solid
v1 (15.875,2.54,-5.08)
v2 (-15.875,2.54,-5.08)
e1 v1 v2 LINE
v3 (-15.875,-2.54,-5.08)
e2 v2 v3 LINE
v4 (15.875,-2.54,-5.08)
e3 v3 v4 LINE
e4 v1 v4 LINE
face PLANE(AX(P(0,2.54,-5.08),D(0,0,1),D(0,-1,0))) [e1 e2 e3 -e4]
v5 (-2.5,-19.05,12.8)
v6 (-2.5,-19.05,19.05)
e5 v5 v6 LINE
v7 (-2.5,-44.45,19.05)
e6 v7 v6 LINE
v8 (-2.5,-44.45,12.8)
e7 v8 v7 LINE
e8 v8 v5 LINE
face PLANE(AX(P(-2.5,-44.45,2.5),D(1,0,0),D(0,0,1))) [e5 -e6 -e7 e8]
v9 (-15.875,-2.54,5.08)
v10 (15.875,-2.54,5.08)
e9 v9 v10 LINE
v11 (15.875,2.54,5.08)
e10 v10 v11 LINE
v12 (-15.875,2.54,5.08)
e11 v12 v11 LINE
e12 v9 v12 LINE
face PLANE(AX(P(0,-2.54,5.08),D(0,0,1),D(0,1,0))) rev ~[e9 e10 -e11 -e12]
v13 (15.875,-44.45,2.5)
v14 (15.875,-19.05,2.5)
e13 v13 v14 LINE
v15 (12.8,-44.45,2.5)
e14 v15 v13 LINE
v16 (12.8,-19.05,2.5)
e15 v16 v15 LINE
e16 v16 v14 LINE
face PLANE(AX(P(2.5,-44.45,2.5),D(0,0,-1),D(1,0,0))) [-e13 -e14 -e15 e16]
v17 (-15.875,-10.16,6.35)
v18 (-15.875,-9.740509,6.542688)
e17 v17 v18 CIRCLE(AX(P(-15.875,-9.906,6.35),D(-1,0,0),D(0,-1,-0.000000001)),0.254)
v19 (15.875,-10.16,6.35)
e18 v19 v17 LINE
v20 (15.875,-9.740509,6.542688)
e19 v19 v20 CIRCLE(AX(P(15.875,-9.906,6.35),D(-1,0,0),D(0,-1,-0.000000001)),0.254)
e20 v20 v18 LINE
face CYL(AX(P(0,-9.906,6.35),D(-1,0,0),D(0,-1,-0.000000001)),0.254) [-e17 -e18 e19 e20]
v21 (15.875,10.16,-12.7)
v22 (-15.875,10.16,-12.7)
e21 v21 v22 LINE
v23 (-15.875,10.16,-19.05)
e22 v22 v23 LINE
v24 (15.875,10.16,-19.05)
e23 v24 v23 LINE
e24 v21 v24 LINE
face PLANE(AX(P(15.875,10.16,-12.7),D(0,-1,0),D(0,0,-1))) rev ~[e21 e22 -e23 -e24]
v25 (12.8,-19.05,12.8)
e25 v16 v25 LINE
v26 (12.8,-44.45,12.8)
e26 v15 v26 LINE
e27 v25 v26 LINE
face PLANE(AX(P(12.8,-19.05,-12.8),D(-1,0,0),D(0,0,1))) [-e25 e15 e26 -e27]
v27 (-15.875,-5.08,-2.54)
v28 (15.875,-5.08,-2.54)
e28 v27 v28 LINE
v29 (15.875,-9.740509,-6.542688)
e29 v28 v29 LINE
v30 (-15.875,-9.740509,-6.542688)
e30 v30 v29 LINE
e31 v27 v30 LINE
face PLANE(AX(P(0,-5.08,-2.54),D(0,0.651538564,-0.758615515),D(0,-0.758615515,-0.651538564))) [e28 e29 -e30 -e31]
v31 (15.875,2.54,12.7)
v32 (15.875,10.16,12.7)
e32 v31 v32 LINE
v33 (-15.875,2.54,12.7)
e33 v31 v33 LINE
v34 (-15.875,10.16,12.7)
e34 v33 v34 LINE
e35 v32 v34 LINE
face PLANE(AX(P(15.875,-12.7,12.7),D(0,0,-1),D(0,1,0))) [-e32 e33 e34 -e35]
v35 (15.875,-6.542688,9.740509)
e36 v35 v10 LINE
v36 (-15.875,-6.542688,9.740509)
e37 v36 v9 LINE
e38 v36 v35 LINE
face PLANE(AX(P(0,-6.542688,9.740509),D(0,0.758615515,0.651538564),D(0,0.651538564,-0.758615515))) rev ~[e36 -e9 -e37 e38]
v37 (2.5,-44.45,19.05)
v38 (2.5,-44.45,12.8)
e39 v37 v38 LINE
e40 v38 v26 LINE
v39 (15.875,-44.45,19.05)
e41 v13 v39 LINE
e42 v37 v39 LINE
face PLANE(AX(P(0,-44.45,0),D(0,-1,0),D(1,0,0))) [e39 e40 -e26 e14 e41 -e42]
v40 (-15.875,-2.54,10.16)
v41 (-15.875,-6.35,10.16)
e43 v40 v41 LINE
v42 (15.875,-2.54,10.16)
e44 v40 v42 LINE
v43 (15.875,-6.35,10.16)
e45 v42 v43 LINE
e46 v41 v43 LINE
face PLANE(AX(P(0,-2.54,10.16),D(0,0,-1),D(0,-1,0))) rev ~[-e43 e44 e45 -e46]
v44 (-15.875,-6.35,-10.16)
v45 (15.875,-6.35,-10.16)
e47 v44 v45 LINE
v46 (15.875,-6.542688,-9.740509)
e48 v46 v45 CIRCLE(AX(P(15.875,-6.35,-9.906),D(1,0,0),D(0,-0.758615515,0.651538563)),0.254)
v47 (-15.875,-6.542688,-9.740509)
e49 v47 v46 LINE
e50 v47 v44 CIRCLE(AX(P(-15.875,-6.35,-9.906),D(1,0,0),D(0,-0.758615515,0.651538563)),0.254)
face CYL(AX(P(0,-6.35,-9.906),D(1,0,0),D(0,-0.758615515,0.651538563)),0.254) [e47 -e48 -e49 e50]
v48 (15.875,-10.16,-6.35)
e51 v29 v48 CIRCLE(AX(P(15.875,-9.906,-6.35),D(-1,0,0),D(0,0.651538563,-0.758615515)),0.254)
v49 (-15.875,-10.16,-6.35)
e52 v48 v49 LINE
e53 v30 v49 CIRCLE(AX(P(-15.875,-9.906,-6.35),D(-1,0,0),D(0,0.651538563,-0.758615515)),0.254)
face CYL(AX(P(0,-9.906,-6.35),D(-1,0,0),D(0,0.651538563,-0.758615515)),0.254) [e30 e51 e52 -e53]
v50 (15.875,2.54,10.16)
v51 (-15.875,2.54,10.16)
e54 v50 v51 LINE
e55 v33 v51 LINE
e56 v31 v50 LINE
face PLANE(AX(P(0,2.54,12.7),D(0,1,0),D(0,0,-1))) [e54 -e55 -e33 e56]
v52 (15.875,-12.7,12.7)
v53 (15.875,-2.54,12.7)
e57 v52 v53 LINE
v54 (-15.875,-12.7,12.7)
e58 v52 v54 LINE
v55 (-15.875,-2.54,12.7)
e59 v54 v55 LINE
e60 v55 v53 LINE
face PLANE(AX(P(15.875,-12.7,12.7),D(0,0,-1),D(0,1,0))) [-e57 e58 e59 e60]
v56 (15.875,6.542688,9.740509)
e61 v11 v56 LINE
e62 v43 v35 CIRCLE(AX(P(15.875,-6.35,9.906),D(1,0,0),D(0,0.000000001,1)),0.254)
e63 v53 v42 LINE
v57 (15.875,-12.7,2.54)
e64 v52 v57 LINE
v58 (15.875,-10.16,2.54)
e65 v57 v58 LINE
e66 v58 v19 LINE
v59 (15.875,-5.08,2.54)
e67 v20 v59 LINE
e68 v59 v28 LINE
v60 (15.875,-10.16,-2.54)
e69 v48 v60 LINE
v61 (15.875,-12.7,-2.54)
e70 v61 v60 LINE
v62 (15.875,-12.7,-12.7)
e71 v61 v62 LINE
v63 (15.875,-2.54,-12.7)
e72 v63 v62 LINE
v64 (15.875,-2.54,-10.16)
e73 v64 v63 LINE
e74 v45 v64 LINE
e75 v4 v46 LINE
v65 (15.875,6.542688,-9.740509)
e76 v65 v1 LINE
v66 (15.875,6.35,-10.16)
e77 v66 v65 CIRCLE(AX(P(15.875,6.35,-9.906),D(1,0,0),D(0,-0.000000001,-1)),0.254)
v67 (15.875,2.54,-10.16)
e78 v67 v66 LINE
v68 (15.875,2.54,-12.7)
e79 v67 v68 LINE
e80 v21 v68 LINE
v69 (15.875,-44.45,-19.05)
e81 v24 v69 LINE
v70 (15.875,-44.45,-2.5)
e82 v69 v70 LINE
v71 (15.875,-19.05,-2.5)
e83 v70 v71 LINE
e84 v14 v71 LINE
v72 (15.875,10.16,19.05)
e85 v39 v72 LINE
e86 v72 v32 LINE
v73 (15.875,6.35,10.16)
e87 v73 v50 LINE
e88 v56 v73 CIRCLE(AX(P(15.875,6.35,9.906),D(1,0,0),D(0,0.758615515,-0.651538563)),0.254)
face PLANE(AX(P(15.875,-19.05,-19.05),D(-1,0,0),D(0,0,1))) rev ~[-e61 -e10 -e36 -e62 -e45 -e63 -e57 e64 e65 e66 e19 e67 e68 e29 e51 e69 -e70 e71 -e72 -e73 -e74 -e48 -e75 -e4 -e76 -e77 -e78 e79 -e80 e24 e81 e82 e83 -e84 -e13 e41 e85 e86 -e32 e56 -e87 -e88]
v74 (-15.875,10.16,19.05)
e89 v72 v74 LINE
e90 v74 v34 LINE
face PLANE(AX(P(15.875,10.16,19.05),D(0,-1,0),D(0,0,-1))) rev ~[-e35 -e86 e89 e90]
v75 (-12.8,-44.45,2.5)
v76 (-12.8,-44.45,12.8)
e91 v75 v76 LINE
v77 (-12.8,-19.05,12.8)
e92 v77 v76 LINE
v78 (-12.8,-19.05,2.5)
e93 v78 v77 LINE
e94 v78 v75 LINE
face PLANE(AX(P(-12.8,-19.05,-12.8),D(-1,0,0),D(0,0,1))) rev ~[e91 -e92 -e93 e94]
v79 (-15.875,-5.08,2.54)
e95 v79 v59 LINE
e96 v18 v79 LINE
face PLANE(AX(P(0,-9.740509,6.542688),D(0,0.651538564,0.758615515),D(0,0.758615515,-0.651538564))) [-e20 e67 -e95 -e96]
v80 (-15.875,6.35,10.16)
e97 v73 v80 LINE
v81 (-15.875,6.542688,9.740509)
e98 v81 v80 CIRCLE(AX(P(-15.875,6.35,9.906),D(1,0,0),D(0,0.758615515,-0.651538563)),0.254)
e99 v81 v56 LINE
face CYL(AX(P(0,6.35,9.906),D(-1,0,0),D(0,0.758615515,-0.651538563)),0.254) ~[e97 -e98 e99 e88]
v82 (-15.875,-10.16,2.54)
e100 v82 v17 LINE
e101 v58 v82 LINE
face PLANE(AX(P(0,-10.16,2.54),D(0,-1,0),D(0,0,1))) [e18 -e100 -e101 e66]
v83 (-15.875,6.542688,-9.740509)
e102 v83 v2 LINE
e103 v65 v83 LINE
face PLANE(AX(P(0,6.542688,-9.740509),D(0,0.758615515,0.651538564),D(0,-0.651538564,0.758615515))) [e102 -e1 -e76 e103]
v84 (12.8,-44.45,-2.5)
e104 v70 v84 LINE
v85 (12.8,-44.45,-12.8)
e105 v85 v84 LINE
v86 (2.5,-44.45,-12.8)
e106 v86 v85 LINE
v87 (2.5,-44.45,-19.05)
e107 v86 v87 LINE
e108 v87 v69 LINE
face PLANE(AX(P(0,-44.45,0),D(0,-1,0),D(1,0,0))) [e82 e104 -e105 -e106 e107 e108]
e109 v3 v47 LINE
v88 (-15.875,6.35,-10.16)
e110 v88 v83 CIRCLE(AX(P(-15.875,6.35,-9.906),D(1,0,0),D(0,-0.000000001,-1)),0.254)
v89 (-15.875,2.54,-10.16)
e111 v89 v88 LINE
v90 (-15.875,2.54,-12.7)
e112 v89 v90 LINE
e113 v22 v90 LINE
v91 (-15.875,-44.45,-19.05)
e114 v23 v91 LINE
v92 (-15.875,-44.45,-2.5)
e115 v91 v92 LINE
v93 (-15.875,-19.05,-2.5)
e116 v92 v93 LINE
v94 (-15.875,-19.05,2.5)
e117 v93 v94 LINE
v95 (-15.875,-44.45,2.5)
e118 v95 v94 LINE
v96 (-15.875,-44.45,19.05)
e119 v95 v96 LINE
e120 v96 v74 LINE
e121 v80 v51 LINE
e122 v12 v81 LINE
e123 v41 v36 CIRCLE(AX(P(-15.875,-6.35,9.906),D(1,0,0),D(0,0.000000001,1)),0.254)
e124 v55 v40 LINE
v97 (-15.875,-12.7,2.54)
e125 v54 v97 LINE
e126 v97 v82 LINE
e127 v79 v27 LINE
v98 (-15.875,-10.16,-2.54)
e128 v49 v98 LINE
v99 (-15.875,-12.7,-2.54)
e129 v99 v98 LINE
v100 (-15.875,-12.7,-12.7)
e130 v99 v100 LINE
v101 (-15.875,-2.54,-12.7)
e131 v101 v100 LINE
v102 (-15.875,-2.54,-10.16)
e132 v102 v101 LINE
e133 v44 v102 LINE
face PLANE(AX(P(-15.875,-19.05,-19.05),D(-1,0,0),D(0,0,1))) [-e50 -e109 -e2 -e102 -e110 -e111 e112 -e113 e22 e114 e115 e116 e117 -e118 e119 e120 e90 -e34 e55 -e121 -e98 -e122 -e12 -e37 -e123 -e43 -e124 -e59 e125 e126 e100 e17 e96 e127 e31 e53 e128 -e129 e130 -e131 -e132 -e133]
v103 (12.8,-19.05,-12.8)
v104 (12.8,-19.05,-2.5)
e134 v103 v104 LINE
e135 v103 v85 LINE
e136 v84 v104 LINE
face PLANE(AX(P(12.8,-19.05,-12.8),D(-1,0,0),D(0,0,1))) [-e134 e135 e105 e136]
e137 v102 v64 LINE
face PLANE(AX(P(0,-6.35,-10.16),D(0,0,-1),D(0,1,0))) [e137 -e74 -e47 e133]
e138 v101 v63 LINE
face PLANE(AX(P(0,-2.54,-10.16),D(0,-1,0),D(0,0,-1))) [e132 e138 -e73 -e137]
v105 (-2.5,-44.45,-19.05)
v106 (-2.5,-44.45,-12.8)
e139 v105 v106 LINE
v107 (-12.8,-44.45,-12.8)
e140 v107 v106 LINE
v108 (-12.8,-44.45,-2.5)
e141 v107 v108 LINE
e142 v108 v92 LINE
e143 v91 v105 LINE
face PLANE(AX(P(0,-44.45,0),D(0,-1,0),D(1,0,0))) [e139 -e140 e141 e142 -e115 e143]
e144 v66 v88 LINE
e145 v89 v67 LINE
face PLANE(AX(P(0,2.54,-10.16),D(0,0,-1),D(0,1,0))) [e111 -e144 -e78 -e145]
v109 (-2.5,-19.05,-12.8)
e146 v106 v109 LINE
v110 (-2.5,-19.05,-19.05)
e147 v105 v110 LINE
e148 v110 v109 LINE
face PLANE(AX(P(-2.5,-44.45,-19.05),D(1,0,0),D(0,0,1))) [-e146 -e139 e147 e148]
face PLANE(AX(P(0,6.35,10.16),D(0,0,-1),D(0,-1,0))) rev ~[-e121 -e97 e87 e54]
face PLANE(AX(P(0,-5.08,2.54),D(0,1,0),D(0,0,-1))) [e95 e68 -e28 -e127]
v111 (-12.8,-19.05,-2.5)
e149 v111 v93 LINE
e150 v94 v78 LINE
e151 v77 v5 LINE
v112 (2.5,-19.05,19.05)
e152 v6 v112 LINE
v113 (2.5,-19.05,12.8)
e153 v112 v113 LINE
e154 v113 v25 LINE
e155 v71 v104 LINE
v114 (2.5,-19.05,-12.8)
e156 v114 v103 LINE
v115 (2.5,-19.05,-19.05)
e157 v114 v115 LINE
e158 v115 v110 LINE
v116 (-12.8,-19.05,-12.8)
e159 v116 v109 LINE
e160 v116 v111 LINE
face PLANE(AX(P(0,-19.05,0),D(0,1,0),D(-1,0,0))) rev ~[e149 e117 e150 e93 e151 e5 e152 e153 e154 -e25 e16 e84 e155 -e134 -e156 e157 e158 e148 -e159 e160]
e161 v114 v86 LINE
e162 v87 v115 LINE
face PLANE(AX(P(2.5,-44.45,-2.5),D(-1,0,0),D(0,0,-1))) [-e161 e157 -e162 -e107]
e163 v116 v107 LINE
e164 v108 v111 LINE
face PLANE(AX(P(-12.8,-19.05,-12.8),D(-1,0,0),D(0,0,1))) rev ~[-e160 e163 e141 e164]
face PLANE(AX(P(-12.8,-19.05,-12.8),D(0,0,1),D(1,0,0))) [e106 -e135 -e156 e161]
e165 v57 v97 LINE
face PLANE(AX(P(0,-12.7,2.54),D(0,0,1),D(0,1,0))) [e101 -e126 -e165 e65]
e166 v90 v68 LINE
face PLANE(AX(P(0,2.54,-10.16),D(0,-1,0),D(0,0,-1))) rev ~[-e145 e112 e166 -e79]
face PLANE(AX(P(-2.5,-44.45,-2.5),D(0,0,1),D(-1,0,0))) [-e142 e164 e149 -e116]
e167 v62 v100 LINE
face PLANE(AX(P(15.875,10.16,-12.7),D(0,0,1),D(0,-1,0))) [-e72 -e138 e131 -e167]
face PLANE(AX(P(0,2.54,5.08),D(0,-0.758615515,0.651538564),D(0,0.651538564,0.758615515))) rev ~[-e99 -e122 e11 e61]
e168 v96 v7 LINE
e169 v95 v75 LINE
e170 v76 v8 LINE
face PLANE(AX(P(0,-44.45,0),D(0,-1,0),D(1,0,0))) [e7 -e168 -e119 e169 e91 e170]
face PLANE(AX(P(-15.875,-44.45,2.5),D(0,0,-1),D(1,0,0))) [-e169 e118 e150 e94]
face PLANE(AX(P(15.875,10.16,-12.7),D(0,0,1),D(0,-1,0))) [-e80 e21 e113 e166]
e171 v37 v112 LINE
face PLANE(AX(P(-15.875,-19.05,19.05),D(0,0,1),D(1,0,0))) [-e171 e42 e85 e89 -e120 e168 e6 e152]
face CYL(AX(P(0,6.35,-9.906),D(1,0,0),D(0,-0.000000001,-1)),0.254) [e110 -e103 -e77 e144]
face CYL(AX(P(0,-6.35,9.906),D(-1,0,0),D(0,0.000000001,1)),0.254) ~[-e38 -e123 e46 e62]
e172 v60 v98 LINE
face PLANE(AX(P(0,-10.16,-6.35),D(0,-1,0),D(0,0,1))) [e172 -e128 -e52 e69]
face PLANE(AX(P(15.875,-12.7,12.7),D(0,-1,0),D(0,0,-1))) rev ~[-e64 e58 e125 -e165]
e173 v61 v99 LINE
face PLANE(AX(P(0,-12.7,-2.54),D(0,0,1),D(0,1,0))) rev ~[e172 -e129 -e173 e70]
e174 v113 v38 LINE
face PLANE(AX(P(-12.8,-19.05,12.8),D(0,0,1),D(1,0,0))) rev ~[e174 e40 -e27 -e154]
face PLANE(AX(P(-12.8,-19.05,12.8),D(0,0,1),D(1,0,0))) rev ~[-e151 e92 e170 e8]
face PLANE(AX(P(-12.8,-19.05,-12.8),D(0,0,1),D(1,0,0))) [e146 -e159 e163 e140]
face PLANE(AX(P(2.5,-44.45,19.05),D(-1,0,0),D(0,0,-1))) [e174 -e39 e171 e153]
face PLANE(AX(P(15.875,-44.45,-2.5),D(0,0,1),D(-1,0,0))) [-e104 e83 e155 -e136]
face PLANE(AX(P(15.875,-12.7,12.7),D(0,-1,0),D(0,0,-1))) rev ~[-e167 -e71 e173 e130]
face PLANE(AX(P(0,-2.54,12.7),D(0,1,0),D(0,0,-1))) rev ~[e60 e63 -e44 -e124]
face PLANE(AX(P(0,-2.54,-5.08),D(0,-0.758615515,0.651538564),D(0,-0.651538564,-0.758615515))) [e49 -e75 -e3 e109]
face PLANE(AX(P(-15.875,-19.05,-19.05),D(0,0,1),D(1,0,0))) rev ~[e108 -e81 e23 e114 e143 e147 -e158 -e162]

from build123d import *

# Parameters (mm, degrees)
SKETCH10_W          = 2.54
SKETCH10_H          = 5.08
SKETCH10_W_2        = 5.08
SKETCH10_H_2        = 2.54
BOSS_EXTRUDE3_DEPTH = 15.875
BOSS_EXTRUDE4_DEPTH = 31.75
SKETCH12_W          = 13.97
SKETCH12_H          = 7.62
CUT_EXTRUDE1_DEPTH  = 42.639734629
SKETCH14_W          = 31.75
SKETCH14_H          = 38.1
SKETCH14_W_2        = 25.6
SKETCH14_H_2        = 25.6
BOSS_EXTRUDE5_DEPTH = 25.4
CUT_EXTRUDE2_DEPTH  = 25.4


with BuildPart() as part:
    # Sketch10 → Boss-Extrude3 (new, symmetric)
    with BuildSketch(Plane(origin=(0, 0, 0), x_dir=(0, 0, -1), z_dir=(1, 0, 0))):
        with Locations((-11.43, 0)):
            Rectangle(SKETCH10_W, SKETCH10_H)
        with BuildLine():
            Line((-5.08, 2.54), (-9.740509205, 6.542688341))
            ThreePointArc((-9.740509205, 6.542688341), (-10.012022021, 6.580814495), (-10.16, 6.35))
            Line((-10.16, 6.35), (-10.16, -6.35))
            ThreePointArc((-10.16, -6.35), (-10.012022021, -6.580814495), (-9.740509205, -6.542688341))
            Line((-9.740509205, -6.542688341), (-5.08, -2.54))
            Line((-5.08, -2.54), (-5.08, 2.54))
        make_face()
        with BuildLine():
            Line((6.35, 10.16), (-6.35, 10.16))
            ThreePointArc((-6.35, 10.16), (-6.580814495, 10.012022021), (-6.542688341, 9.740509205))
            Line((-6.542688341, 9.740509205), (-2.54, 5.08))
            Line((-2.54, 5.08), (2.54, 5.08))
            Line((2.54, 5.08), (6.542688341, 9.740509205))
            ThreePointArc((6.542688341, 9.740509205), (6.580814495, 10.012022021), (6.35, 10.16))
        make_face()
        with Locations((0, 11.43)):
            Rectangle(SKETCH10_W_2, SKETCH10_H_2)
        with BuildLine():
            ThreePointArc((6.542688341, -9.740509205), (6.580814495, -10.012022021), (6.35, -10.16))
            Line((6.35, -10.16), (-6.35, -10.16))
            ThreePointArc((-6.35, -10.16), (-6.580814495, -10.012022021), (-6.542688341, -9.740509205))
            Line((-6.542688341, -9.740509205), (-2.54, -5.08))
            Line((-2.54, -5.08), (2.54, -5.08))
            Line((2.54, -5.08), (6.542688341, -9.740509205))
        make_face()
        with Locations((0, -11.43)):
            Rectangle(SKETCH10_W_2, SKETCH10_H_2)
        with BuildLine():
            Line((5.08, 2.54), (5.08, -2.54))
            Line((5.08, -2.54), (9.740509205, -6.542688341))
            ThreePointArc((9.740509205, -6.542688341), (10.012022021, -6.580814495), (10.16, -6.35))
            Line((10.16, -6.35), (10.16, -2.54))
            Line((10.16, -2.54), (10.16, 2.54))
            Line((10.16, 2.54), (10.16, 6.35))
            ThreePointArc((10.16, 6.35), (10.012022021, 6.580814495), (9.740509205, 6.542688341))
            Line((9.740509205, 6.542688341), (5.08, 2.54))
        make_face()
        with Locations((11.43, 0)):
            Rectangle(SKETCH10_W, SKETCH10_H)
    extrude(amount=BOSS_EXTRUDE3_DEPTH, both=True)

    # Sketch11 → Boss-Extrude4 (add)
    with BuildSketch(Plane(origin=(15.875, 0, 0), x_dir=(0, 0, -1), z_dir=(1, 0, 0))):
        Polygon((-12.7, -2.54), (-12.7, -12.7), (12.7, -12.7), (12.7, -2.54), (12.7, 2.54), (12.7, 10.16), (19.05, 10.16), (19.05, -19.05), (-19.05, -19.05), (-19.05, 10.16), (-12.7, 10.16), (-12.7, 2.54), align=None)
    extrude(amount=-BOSS_EXTRUDE4_DEPTH)

    # Sketch12 → Cut-Extrude1 (cut, through all)
    with BuildSketch(Plane(origin=(15.875, 0, 0), x_dir=(0, 0, -1), z_dir=(1, 0, 0))):
        with Locations((0, 8.89)):
            Rectangle(SKETCH12_W, SKETCH12_H)
    extrude(amount=-CUT_EXTRUDE1_DEPTH, mode=Mode.SUBTRACT)

    # Sketch14 → Boss-Extrude5 (add)
    with BuildSketch(Plane.XZ.offset(19.05)):
        Rectangle(SKETCH14_W, SKETCH14_H)
        Rectangle(SKETCH14_W_2, SKETCH14_H_2, mode=Mode.SUBTRACT)
    extrude(amount=BOSS_EXTRUDE5_DEPTH)

    # Sketch15 → Cut-Extrude2 (cut)
    with BuildSketch(Plane.XZ.offset(44.45)):
        Polygon((-15.875, -2.5), (-15.875, 2.5), (-2.5, 2.5), (-2.5, 19.05), (2.5, 19.05), (2.5, 2.5), (15.875, 2.5), (15.875, -2.5), (2.5, -2.5), (2.5, -19.05), (-2.5, -19.05), (-2.5, -2.5), align=None)
    extrude(amount=-CUT_EXTRUDE2_DEPTH, mode=Mode.SUBTRACT)


solid = part.part
